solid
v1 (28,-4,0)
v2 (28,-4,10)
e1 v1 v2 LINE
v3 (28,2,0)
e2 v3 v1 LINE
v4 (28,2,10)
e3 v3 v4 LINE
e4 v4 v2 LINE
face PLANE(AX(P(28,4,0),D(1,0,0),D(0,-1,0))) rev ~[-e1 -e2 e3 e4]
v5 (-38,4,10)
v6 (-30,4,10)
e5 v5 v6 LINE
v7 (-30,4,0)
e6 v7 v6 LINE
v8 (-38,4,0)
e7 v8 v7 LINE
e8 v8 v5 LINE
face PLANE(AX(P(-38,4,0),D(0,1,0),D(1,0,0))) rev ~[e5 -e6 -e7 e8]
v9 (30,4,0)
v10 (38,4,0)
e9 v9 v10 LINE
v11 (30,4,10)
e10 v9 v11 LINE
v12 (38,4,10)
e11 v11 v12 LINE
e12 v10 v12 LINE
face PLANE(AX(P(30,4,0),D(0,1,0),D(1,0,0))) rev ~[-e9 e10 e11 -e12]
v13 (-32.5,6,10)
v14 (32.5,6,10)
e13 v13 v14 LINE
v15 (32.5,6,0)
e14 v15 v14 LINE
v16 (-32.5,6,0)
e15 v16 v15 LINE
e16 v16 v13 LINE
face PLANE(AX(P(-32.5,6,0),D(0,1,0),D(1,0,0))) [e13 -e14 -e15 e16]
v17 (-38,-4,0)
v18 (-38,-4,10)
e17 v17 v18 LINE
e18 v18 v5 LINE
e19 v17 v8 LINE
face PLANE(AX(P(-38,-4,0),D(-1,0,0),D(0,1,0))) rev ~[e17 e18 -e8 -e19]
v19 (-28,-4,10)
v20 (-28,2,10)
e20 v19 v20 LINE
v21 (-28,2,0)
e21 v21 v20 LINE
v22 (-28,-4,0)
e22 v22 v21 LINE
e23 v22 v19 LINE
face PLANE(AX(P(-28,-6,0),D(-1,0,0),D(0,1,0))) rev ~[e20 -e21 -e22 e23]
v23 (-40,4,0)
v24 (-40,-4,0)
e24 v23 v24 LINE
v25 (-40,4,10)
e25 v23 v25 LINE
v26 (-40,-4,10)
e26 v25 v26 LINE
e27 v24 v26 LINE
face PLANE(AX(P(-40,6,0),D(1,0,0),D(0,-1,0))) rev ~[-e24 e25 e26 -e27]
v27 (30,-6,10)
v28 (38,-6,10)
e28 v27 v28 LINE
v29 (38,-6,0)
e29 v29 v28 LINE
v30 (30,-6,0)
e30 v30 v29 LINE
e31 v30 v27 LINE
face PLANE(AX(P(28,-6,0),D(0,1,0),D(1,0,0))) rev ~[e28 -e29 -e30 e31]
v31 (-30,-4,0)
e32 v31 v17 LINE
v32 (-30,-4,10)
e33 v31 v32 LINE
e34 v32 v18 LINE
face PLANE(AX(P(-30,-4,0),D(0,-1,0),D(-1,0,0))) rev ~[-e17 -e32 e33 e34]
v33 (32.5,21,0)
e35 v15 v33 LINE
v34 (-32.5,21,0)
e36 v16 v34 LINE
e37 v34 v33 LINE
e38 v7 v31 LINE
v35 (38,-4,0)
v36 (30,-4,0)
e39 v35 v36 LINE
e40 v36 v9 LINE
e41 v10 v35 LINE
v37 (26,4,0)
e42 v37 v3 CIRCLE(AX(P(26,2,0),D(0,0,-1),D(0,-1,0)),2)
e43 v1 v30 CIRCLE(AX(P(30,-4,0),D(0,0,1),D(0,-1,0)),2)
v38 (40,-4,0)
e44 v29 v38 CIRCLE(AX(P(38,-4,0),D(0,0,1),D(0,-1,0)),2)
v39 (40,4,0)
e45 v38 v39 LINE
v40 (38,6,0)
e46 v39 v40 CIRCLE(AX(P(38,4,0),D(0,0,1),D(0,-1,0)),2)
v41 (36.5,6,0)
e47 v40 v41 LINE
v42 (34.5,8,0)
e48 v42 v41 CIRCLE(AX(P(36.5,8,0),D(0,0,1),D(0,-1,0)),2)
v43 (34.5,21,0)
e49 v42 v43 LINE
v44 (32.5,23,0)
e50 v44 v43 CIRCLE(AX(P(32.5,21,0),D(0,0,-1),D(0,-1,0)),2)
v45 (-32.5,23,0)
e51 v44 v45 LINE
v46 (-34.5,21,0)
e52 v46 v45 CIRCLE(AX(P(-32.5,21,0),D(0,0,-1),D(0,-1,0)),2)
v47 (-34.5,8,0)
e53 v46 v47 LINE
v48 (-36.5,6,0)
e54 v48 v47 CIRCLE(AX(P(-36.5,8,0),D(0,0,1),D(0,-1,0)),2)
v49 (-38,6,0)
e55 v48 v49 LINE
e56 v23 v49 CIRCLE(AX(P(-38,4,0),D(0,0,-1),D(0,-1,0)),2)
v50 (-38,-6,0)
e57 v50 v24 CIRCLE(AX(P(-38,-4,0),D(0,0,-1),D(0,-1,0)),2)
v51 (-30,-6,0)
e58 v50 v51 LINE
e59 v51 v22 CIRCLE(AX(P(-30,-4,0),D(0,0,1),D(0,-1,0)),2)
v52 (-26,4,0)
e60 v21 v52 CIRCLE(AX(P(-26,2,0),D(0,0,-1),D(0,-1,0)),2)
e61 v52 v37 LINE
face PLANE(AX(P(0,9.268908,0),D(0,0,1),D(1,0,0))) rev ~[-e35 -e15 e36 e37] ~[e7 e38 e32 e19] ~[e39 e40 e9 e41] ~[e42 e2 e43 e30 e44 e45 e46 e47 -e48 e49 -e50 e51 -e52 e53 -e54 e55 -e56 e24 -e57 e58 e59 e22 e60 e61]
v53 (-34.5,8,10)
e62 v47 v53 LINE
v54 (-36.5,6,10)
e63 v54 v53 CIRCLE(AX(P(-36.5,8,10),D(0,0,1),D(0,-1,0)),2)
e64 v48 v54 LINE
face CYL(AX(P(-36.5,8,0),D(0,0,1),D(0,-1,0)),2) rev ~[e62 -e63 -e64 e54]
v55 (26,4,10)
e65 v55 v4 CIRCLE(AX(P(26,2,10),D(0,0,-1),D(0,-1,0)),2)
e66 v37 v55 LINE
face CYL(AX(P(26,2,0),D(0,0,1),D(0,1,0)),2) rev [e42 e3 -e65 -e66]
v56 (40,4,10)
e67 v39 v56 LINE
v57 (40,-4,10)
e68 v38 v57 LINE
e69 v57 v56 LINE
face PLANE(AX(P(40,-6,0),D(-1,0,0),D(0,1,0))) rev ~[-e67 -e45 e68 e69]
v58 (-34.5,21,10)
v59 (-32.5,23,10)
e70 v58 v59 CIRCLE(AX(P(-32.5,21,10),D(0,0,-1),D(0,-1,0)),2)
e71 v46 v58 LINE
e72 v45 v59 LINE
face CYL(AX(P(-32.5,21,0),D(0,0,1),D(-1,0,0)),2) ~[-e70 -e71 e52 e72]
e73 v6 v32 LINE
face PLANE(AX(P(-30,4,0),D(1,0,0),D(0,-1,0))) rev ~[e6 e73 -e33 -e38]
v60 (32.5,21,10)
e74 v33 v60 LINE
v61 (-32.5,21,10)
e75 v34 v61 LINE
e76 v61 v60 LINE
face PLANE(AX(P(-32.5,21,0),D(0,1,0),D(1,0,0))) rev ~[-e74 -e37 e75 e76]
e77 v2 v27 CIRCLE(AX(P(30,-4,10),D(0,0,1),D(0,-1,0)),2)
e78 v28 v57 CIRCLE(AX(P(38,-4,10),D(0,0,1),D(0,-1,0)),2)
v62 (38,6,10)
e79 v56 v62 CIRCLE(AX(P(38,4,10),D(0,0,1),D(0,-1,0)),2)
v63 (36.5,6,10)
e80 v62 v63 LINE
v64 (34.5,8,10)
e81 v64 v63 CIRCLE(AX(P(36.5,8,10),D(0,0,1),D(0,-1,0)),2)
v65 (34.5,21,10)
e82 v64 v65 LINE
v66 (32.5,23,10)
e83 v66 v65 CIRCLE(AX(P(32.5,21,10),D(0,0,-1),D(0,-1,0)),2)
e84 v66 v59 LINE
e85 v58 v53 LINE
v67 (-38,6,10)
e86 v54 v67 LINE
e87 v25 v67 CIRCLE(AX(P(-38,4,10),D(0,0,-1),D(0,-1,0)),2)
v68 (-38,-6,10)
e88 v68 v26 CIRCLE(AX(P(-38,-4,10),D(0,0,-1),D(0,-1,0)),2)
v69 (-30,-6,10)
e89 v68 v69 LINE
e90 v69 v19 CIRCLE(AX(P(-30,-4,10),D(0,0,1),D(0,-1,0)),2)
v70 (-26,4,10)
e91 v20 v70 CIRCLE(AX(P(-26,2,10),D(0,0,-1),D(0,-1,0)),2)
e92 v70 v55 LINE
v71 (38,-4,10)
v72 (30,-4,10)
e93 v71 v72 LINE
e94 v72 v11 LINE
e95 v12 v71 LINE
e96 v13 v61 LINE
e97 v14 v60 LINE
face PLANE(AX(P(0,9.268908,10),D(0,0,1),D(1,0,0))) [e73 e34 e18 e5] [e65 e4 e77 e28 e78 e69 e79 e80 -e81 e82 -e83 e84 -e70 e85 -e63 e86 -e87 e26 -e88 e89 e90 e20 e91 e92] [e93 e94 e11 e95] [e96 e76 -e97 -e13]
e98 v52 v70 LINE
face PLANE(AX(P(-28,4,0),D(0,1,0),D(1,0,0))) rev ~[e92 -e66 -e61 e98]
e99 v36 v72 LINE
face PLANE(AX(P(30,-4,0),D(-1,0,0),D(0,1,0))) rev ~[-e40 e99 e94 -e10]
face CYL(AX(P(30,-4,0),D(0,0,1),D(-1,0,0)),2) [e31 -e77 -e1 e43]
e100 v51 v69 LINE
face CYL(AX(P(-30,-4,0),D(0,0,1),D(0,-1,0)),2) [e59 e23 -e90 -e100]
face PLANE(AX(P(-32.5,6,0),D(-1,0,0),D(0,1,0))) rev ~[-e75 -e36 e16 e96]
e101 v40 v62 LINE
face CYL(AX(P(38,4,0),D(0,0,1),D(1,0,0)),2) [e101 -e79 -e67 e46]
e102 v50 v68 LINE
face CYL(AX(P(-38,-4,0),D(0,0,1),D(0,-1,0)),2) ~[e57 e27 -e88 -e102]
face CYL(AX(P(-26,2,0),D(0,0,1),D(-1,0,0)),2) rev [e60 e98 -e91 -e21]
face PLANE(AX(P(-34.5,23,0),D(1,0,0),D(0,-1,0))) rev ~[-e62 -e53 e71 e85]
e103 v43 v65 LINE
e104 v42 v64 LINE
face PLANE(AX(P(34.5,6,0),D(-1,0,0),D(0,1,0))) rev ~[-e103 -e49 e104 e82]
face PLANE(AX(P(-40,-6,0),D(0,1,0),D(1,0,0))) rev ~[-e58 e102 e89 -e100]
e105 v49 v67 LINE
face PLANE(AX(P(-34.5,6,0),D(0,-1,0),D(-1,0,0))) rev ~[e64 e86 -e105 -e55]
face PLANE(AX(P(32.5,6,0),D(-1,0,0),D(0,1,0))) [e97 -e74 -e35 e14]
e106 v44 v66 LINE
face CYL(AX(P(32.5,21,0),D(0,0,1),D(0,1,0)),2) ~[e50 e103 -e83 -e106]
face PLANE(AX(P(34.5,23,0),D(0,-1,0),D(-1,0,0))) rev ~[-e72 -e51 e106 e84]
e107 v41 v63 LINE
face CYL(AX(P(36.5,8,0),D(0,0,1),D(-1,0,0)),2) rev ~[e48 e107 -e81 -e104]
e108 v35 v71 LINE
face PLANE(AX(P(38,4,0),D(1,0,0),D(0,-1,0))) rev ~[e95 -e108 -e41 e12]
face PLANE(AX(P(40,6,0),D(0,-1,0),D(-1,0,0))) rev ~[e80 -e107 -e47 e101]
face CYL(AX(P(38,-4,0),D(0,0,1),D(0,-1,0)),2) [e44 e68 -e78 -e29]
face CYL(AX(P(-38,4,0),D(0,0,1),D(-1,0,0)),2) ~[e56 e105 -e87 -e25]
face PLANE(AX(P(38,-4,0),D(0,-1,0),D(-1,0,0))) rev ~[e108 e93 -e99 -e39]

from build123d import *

# Parameters (mm, degrees)
F0_W     = 65
F0_H     = 15
F1_DEPTH = 10
F2_R     = 2


with BuildPart() as f1:
    # F0 (on Top) → F1 (new body)
    with BuildSketch(Plane.XY):
        Polygon((-40, -6), (-28, -6), (-28, 4), (28, 4), (28, -6), (40, -6), (40, 6), (34.5, 6), (34.5, 23), (-34.5, 23), (-34.5, 6), (-40, 6), align=None)
        Polygon((-38, 4), (-34.5, 4), (-30, 4), (-30, -4), (-38, -4), align=None, mode=Mode.SUBTRACT)
        Polygon((38, -4), (30, -4), (30, 4), (34.5, 4), (38, 4), align=None, mode=Mode.SUBTRACT)
        with Locations((0, 13.5)):
            Rectangle(F0_W, F0_H, mode=Mode.SUBTRACT)
    extrude(amount=F1_DEPTH)

    # F2
    f2_edges = [f1.edges().sort_by_distance(p)[0] for p in [
        (-34.5, 23, 5),
        (-40, 6, 5),
        (-40, -6, 5),
        (-28, -6, 5),
        (-28, 4, 5),
        (-34.5, 6, 5),
        (34.5, 23, 5),
        (34.5, 6, 5),
        (40, 6, 5),
        (40, -6, 5),
        (28, 4, 5),
        (28, -6, 5),
    ]]
    fillet(f2_edges, radius=F2_R)


solid = f1.part
